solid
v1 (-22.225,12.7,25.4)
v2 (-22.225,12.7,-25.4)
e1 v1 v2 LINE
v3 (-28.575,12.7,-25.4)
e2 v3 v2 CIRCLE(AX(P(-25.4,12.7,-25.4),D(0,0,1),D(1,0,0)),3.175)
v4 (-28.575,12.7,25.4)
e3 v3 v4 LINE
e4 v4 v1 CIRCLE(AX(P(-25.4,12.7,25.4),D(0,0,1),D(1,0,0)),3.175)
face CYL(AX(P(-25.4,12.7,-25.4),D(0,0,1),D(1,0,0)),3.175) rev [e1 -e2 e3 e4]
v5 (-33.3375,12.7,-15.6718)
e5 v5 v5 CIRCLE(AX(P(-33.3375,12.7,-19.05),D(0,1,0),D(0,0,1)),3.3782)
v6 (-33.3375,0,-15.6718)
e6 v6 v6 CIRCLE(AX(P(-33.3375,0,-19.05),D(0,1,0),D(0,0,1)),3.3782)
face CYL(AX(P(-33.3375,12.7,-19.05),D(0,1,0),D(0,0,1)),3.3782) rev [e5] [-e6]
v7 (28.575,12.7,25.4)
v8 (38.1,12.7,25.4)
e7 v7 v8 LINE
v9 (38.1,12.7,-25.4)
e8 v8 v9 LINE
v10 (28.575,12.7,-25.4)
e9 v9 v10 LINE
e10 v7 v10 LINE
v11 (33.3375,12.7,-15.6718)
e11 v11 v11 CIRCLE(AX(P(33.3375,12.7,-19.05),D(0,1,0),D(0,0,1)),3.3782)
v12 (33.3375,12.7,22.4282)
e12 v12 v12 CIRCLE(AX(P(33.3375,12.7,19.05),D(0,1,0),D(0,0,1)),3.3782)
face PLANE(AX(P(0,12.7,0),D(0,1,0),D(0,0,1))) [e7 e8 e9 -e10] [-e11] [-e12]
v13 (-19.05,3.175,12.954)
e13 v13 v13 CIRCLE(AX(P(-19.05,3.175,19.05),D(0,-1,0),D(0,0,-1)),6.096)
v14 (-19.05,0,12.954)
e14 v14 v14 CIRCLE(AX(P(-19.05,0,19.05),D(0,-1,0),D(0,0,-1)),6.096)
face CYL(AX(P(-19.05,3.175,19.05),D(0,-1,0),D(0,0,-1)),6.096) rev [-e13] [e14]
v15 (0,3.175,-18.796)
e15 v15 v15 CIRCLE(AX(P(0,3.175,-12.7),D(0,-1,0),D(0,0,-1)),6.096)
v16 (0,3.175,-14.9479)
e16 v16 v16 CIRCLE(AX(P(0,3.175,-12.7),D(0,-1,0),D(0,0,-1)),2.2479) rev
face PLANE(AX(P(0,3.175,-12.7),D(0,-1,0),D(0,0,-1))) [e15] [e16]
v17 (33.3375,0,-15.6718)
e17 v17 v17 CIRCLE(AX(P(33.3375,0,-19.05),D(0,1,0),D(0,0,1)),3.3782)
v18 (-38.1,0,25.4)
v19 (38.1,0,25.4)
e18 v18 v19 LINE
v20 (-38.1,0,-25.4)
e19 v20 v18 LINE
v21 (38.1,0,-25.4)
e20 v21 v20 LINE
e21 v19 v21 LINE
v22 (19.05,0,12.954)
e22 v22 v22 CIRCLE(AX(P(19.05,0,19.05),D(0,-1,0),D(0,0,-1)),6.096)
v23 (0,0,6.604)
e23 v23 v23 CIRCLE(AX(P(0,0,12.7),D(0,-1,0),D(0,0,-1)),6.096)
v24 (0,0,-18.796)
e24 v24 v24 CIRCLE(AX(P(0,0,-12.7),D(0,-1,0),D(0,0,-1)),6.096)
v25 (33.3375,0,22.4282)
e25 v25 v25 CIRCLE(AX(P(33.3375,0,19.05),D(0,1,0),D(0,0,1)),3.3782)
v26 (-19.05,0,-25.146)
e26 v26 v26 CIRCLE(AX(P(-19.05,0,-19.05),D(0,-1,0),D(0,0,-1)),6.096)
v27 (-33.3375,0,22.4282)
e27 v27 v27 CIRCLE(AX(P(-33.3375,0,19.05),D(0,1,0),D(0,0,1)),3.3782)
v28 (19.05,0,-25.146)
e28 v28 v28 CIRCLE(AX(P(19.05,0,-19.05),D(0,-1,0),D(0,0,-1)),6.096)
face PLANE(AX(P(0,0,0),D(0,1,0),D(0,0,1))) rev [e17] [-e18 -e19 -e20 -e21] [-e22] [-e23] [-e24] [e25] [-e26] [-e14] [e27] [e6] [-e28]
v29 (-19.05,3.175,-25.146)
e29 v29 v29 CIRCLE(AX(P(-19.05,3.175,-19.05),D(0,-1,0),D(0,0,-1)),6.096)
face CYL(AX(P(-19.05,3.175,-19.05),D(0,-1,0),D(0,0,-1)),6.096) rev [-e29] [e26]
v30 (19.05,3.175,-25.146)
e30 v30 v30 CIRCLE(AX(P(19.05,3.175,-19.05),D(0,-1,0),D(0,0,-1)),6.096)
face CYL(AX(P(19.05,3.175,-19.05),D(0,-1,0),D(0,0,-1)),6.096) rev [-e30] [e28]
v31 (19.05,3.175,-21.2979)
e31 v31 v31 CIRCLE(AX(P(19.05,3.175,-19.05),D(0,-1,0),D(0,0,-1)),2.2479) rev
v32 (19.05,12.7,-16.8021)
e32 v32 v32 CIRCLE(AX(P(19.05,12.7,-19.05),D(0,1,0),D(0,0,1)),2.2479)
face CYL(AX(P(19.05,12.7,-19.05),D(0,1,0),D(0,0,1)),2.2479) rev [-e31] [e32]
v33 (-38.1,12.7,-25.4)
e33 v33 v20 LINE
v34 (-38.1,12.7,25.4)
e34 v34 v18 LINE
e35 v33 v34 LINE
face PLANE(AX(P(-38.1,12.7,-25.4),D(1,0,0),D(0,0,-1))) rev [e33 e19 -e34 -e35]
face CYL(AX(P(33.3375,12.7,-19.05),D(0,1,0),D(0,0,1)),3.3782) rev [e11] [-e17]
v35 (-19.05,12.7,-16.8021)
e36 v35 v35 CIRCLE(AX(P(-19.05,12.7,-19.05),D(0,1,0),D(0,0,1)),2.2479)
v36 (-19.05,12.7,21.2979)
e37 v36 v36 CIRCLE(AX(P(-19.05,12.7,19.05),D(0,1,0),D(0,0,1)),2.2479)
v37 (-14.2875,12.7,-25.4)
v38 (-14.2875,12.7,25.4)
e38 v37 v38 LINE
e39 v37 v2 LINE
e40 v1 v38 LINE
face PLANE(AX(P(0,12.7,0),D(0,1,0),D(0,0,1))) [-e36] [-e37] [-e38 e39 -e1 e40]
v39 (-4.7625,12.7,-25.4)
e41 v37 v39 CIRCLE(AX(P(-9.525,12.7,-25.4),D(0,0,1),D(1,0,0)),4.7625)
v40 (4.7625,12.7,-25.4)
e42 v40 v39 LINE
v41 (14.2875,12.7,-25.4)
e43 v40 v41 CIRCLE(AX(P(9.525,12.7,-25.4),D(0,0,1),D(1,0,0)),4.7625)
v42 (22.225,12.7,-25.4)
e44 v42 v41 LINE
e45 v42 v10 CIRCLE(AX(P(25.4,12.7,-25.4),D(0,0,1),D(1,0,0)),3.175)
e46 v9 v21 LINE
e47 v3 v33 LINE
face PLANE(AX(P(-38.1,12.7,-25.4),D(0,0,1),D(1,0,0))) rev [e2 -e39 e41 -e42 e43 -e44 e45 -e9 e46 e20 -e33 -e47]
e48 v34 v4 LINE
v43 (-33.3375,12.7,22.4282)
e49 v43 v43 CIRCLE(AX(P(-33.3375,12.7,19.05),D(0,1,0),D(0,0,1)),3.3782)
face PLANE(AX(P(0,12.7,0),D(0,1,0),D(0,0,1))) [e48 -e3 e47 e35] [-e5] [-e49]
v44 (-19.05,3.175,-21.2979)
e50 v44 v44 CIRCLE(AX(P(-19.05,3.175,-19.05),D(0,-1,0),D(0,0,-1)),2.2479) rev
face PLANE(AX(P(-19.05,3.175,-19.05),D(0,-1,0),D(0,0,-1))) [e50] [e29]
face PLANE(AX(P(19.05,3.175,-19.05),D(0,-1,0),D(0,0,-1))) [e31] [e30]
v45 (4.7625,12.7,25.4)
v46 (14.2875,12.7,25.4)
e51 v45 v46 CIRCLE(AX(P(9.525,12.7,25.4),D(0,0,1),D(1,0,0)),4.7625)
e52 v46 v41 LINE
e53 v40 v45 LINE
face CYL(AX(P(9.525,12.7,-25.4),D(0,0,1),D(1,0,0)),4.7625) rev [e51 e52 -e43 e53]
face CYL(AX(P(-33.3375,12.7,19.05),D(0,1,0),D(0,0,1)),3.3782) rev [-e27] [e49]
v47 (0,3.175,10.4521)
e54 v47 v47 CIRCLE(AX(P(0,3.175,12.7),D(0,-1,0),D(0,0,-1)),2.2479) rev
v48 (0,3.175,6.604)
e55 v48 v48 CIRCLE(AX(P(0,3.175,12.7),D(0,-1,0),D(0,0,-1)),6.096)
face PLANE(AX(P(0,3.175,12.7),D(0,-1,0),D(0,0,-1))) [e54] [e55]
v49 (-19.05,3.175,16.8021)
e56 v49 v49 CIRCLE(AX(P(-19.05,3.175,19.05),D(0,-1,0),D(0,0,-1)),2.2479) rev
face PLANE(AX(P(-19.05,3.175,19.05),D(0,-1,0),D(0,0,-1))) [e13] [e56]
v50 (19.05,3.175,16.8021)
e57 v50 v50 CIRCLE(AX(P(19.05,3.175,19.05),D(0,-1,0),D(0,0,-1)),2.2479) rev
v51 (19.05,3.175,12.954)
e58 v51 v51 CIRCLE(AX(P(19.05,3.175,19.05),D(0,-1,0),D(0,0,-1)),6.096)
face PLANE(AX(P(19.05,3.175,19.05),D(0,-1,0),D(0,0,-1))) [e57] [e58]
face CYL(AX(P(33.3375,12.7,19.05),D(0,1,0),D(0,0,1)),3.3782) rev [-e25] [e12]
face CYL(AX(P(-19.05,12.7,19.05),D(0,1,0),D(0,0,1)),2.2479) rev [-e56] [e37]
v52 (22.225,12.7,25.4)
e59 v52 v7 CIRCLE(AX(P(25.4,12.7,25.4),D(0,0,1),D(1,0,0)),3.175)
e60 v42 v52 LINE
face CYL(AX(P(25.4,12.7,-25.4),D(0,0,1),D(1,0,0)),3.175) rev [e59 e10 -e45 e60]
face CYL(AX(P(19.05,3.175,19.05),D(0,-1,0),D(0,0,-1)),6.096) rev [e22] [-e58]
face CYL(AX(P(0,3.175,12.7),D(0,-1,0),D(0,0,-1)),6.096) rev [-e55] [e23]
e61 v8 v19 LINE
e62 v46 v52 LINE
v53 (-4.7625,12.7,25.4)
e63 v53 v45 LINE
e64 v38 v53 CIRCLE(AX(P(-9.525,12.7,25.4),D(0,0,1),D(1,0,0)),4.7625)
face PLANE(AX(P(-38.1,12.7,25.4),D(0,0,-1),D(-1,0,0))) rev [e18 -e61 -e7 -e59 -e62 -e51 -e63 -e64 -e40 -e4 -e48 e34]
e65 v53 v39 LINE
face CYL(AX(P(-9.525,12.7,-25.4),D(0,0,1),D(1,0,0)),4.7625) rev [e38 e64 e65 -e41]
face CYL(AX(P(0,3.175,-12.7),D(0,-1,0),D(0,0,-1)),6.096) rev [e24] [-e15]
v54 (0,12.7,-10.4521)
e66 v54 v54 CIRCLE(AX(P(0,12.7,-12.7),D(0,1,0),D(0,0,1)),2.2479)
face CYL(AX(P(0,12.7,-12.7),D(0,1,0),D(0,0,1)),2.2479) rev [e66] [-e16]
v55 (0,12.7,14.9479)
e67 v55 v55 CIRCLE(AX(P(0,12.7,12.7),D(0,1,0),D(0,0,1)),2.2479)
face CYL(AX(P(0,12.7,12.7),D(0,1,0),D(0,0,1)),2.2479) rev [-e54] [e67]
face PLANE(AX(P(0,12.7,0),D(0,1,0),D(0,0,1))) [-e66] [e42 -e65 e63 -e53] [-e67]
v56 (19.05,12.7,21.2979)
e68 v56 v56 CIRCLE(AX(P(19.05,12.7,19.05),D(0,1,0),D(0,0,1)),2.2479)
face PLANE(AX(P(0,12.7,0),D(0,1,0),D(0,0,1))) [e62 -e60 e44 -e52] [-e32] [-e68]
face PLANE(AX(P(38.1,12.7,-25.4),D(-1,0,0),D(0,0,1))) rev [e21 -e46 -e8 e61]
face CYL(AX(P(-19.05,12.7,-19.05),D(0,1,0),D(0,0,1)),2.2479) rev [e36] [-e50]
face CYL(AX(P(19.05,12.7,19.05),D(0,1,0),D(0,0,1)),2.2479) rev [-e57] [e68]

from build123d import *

# Parameters (mm, degrees)
SKETCH1_W               = 76.2
SKETCH1_H               = 50.8
BOSS_EXTRUDE1_DEPTH     = 12.7
SKETCH2_R               = 3.175
CUT_EXTRUDE1_DEPTH      = 65.757547823
SKETCH3_R               = 4.7625
CUT_EXTRUDE2_DEPTH      = 65.757547823
F_1_4_CLEARANCE_HOLE1_D = 6.7564
F_8_CLEARANCE_HOLE1_D   = 4.4958
SKETCH8_R               = 6.096
CUT_EXTRUDE3_DEPTH      = 3.175


with BuildPart() as part:
    # Sketch1 → Boss-Extrude1 (new body)
    with BuildSketch(Plane(origin=(0, 0, 0), x_dir=(1, 0, 0), z_dir=(0, 1, 0))):
        Rectangle(SKETCH1_W, SKETCH1_H)
    extrude(amount=BOSS_EXTRUDE1_DEPTH)

    # Sketch2 → Cut-Extrude1 (cut, through all)
    with BuildSketch(Plane.XY.offset(25.4)):
        with Locations((-25.4, 12.7)):
            Circle(SKETCH2_R)
        with Locations((25.4, 12.7)):
            Circle(SKETCH2_R)
    extrude(amount=-CUT_EXTRUDE1_DEPTH, mode=Mode.SUBTRACT)

    # Sketch3 → Cut-Extrude2 (cut, through all)
    with BuildSketch(Plane.XY.offset(25.4)):
        with Locations((-9.525, 12.7)):
            Circle(SKETCH3_R)
        with Locations((9.525, 12.7)):
            Circle(SKETCH3_R)
    extrude(amount=-CUT_EXTRUDE2_DEPTH, mode=Mode.SUBTRACT)

    # 1/4 Clearance Hole1 (through all)
    with Locations(Plane(origin=(0, 12.7, 0), x_dir=(1, 0, 0), z_dir=(0, 1, 0))):
        with Locations((-33.3375, -19.05), (-33.3375, 19.05), (33.3375, 19.05), (33.3375, -19.05)):
            Hole(F_1_4_CLEARANCE_HOLE1_D / 2)

    # #8 Clearance Hole1 (through all)
    with Locations(Plane(origin=(0, 12.7, 0), x_dir=(1, 0, 0), z_dir=(0, 1, 0))):
        with Locations((-19.05, -19.05), (-19.05, 19.05), (0, 12.7), (0, -12.7), (19.05, -19.05), (19.05, 19.05)):
            Hole(F_8_CLEARANCE_HOLE1_D / 2)

    # Sketch8 → Cut-Extrude3 (cut)
    with BuildSketch(Plane.XZ):
        with Locations(Location((-19.05, 19.05, 0), (0, 0, 270))):
            Circle(SKETCH8_R)
        with Locations(Location((0, 12.7, 0), (0, 0, 270))):
            Circle(SKETCH8_R)
        with Locations(Location((19.05, 19.05, 0), (0, 0, 270))):
            Circle(SKETCH8_R)
        with Locations(Location((19.05, -19.05, 0), (0, 0, 270))):
            Circle(SKETCH8_R)
        with Locations(Location((-19.05, -19.05, 0), (0, 0, 270))):
            Circle(SKETCH8_R)
        with Locations(Location((0, -12.7, 0), (0, 0, 270))):
            Circle(SKETCH8_R)
    extrude(amount=-CUT_EXTRUDE3_DEPTH, mode=Mode.SUBTRACT)


solid = part.part
